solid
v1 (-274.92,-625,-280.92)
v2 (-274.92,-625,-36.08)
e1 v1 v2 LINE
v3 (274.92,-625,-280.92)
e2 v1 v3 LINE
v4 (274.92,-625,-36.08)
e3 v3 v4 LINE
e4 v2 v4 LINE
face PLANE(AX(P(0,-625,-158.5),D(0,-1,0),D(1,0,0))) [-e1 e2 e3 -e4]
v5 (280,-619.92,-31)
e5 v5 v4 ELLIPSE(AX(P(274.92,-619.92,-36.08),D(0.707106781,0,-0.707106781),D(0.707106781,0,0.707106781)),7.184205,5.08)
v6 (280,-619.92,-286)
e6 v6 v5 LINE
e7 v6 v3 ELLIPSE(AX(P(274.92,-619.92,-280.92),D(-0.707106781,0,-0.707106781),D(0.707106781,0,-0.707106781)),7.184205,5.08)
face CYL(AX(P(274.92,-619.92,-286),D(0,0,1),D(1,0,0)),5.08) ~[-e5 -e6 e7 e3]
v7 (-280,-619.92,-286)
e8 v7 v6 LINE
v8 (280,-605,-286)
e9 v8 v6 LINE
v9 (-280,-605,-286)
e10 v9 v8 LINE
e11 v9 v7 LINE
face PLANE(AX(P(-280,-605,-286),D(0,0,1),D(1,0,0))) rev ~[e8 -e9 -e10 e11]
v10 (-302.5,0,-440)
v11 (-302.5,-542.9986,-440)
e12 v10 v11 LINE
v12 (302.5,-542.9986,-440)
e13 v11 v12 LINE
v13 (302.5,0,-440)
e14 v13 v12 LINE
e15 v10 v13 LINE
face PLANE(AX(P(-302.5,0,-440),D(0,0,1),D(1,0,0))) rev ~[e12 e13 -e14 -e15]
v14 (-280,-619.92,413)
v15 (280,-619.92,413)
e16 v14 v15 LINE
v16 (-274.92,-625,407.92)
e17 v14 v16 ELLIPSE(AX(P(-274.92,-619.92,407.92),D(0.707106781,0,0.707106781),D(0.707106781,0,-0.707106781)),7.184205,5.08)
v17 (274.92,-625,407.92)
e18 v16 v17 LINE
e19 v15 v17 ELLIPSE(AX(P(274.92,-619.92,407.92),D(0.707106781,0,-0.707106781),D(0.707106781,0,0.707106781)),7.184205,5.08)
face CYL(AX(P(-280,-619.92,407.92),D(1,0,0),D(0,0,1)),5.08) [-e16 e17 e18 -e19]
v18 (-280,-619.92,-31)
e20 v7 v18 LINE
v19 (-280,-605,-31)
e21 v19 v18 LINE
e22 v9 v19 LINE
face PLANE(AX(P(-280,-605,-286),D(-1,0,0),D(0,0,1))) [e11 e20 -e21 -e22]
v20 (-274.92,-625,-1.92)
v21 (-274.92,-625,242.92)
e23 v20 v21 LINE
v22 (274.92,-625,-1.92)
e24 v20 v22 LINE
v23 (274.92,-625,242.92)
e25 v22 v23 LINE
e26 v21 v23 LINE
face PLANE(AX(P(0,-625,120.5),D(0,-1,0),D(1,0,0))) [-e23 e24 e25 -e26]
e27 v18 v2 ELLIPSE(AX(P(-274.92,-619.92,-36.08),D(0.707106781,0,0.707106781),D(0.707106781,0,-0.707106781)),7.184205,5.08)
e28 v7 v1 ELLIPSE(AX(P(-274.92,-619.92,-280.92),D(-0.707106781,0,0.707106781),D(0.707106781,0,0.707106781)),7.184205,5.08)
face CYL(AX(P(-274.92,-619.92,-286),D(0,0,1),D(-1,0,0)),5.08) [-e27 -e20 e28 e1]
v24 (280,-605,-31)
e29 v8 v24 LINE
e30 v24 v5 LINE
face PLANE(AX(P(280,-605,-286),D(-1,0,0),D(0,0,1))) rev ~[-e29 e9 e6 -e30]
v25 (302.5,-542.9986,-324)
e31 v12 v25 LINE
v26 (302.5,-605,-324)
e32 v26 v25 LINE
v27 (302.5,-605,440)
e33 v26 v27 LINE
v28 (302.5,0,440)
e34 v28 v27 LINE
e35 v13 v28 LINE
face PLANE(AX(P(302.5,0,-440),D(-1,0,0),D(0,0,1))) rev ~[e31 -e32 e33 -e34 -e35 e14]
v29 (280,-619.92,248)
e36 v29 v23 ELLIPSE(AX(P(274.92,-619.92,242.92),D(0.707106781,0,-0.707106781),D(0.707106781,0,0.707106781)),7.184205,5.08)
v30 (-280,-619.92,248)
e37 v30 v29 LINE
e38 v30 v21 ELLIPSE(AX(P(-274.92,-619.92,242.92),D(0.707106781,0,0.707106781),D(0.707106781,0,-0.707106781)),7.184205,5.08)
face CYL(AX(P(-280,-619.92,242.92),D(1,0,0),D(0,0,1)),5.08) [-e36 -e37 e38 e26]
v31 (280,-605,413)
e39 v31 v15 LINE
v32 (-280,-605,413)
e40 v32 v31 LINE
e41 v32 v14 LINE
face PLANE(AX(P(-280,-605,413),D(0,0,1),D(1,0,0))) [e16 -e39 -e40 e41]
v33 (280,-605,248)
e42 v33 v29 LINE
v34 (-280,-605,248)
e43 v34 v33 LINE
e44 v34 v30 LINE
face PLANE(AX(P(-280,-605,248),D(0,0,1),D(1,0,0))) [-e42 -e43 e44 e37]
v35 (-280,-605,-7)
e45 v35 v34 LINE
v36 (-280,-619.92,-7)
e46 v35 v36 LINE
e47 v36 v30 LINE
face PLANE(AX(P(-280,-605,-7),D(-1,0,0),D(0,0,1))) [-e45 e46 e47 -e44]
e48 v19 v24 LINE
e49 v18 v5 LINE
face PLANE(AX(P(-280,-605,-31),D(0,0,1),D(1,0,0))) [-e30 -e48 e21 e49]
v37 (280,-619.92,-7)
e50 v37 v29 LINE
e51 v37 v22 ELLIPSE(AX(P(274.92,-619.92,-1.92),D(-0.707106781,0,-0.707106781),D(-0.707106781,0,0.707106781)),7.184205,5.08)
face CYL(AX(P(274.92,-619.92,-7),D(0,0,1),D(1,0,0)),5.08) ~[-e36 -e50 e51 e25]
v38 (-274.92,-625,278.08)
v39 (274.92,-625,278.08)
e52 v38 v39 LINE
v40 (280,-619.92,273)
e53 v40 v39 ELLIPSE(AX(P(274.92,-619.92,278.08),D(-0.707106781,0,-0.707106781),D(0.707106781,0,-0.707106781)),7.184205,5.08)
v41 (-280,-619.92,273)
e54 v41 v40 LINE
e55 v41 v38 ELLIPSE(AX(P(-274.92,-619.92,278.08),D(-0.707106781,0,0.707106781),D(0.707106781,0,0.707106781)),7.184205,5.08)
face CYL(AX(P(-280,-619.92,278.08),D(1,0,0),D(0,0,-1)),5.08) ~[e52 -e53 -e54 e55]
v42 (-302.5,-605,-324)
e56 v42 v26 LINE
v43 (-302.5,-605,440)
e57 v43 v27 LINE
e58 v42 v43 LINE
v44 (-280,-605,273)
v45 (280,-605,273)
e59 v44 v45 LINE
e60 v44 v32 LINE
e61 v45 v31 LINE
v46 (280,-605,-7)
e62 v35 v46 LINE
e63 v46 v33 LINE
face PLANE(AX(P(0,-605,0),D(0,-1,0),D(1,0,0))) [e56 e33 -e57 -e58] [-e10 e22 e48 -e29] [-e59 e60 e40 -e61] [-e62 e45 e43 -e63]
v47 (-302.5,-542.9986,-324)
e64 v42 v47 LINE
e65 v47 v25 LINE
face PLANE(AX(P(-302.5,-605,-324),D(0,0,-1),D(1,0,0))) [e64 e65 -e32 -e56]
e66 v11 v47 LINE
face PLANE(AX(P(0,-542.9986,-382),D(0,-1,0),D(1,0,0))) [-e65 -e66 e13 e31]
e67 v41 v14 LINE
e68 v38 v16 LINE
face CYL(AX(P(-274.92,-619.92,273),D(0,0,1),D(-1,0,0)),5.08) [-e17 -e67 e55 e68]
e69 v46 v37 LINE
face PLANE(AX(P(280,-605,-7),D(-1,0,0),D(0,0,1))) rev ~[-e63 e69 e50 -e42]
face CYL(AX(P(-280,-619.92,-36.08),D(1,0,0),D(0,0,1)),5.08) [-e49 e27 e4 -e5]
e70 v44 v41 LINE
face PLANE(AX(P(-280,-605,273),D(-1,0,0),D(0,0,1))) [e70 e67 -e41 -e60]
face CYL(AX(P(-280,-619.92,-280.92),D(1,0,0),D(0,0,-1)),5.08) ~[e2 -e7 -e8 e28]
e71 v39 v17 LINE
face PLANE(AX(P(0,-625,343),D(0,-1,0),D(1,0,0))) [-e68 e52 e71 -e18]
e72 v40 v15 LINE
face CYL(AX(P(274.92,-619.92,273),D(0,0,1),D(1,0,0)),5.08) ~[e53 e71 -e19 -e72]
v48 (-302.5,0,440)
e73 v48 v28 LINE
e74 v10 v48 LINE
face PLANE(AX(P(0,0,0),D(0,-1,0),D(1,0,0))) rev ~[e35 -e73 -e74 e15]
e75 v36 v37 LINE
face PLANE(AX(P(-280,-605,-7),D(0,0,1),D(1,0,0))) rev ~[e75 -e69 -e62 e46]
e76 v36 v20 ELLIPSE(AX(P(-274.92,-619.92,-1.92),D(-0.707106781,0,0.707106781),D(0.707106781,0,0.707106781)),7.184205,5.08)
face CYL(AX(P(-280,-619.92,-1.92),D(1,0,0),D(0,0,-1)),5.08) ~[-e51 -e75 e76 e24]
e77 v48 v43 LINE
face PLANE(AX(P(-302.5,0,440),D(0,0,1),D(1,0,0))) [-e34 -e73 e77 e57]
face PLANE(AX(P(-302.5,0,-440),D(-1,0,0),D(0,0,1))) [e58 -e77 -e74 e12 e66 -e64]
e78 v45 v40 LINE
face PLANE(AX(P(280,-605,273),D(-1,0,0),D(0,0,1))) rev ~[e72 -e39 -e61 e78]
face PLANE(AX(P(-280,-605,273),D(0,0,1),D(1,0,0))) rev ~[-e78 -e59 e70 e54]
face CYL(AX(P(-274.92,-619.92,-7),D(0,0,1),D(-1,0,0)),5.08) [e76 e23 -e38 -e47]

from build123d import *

# Parameters (mm, degrees)
F0_W     = 605
F0_H     = 880
F1_DEPTH = 605
F2_W     = 605
F2_H     = 116
F3_DEPTH = 62.0014
F4_W     = 560
F4_H     = 140
F5_DEPTH = 20
F6_W     = 560
F6_H     = 255
F7_DEPTH = 20
F8_W     = 560
F8_H     = 255
F9_DEPTH = 20
F10_R    = 5.08


with BuildPart() as f1:
    # F0 (on Front) → F1 (new body)
    with BuildSketch(Plane.XZ):
        Rectangle(F0_W, F0_H)
    extrude(amount=F1_DEPTH)

    # F2 (on face) → F3 (cut)
    with BuildSketch(Plane.XZ.offset(605)):
        with Locations((0, -382)):
            Rectangle(F2_W, F2_H)
    extrude(amount=-F3_DEPTH, mode=Mode.SUBTRACT)

    # F4 (on face) → F5 (join)
    with BuildSketch(Plane.XZ.offset(605)):
        with Locations((0, 343)):
            Rectangle(F4_W, F4_H)
    extrude(amount=F5_DEPTH)

    # F6 (on face) → F7 (join)
    with BuildSketch(Plane.XZ.offset(605)):
        with Locations((0, 120.5)):
            Rectangle(F6_W, F6_H)
    extrude(amount=F7_DEPTH)

    # F8 (on face) → F9 (join)
    with BuildSketch(Plane.XZ.offset(605)):
        with Locations((0, -158.5)):
            Rectangle(F8_W, F8_H)
    extrude(amount=F9_DEPTH)

    # F10
    f10_edges = [f1.edges().sort_by_distance(p)[0] for p in [
        (0, -625, 413),
        (-280, -625, 343),
        (0, -625, 273),
        (280, -625, 343),
        (0, -625, 248),
        (280, -625, 120.5),
        (-280, -625, 120.5),
        (0, -625, -7),
        (0, -625, -31),
        (-280, -625, -158.5),
        (0, -625, -286),
        (280, -625, -158.5),
    ]]
    fillet(f10_edges, radius=F10_R)


solid = f1.part
